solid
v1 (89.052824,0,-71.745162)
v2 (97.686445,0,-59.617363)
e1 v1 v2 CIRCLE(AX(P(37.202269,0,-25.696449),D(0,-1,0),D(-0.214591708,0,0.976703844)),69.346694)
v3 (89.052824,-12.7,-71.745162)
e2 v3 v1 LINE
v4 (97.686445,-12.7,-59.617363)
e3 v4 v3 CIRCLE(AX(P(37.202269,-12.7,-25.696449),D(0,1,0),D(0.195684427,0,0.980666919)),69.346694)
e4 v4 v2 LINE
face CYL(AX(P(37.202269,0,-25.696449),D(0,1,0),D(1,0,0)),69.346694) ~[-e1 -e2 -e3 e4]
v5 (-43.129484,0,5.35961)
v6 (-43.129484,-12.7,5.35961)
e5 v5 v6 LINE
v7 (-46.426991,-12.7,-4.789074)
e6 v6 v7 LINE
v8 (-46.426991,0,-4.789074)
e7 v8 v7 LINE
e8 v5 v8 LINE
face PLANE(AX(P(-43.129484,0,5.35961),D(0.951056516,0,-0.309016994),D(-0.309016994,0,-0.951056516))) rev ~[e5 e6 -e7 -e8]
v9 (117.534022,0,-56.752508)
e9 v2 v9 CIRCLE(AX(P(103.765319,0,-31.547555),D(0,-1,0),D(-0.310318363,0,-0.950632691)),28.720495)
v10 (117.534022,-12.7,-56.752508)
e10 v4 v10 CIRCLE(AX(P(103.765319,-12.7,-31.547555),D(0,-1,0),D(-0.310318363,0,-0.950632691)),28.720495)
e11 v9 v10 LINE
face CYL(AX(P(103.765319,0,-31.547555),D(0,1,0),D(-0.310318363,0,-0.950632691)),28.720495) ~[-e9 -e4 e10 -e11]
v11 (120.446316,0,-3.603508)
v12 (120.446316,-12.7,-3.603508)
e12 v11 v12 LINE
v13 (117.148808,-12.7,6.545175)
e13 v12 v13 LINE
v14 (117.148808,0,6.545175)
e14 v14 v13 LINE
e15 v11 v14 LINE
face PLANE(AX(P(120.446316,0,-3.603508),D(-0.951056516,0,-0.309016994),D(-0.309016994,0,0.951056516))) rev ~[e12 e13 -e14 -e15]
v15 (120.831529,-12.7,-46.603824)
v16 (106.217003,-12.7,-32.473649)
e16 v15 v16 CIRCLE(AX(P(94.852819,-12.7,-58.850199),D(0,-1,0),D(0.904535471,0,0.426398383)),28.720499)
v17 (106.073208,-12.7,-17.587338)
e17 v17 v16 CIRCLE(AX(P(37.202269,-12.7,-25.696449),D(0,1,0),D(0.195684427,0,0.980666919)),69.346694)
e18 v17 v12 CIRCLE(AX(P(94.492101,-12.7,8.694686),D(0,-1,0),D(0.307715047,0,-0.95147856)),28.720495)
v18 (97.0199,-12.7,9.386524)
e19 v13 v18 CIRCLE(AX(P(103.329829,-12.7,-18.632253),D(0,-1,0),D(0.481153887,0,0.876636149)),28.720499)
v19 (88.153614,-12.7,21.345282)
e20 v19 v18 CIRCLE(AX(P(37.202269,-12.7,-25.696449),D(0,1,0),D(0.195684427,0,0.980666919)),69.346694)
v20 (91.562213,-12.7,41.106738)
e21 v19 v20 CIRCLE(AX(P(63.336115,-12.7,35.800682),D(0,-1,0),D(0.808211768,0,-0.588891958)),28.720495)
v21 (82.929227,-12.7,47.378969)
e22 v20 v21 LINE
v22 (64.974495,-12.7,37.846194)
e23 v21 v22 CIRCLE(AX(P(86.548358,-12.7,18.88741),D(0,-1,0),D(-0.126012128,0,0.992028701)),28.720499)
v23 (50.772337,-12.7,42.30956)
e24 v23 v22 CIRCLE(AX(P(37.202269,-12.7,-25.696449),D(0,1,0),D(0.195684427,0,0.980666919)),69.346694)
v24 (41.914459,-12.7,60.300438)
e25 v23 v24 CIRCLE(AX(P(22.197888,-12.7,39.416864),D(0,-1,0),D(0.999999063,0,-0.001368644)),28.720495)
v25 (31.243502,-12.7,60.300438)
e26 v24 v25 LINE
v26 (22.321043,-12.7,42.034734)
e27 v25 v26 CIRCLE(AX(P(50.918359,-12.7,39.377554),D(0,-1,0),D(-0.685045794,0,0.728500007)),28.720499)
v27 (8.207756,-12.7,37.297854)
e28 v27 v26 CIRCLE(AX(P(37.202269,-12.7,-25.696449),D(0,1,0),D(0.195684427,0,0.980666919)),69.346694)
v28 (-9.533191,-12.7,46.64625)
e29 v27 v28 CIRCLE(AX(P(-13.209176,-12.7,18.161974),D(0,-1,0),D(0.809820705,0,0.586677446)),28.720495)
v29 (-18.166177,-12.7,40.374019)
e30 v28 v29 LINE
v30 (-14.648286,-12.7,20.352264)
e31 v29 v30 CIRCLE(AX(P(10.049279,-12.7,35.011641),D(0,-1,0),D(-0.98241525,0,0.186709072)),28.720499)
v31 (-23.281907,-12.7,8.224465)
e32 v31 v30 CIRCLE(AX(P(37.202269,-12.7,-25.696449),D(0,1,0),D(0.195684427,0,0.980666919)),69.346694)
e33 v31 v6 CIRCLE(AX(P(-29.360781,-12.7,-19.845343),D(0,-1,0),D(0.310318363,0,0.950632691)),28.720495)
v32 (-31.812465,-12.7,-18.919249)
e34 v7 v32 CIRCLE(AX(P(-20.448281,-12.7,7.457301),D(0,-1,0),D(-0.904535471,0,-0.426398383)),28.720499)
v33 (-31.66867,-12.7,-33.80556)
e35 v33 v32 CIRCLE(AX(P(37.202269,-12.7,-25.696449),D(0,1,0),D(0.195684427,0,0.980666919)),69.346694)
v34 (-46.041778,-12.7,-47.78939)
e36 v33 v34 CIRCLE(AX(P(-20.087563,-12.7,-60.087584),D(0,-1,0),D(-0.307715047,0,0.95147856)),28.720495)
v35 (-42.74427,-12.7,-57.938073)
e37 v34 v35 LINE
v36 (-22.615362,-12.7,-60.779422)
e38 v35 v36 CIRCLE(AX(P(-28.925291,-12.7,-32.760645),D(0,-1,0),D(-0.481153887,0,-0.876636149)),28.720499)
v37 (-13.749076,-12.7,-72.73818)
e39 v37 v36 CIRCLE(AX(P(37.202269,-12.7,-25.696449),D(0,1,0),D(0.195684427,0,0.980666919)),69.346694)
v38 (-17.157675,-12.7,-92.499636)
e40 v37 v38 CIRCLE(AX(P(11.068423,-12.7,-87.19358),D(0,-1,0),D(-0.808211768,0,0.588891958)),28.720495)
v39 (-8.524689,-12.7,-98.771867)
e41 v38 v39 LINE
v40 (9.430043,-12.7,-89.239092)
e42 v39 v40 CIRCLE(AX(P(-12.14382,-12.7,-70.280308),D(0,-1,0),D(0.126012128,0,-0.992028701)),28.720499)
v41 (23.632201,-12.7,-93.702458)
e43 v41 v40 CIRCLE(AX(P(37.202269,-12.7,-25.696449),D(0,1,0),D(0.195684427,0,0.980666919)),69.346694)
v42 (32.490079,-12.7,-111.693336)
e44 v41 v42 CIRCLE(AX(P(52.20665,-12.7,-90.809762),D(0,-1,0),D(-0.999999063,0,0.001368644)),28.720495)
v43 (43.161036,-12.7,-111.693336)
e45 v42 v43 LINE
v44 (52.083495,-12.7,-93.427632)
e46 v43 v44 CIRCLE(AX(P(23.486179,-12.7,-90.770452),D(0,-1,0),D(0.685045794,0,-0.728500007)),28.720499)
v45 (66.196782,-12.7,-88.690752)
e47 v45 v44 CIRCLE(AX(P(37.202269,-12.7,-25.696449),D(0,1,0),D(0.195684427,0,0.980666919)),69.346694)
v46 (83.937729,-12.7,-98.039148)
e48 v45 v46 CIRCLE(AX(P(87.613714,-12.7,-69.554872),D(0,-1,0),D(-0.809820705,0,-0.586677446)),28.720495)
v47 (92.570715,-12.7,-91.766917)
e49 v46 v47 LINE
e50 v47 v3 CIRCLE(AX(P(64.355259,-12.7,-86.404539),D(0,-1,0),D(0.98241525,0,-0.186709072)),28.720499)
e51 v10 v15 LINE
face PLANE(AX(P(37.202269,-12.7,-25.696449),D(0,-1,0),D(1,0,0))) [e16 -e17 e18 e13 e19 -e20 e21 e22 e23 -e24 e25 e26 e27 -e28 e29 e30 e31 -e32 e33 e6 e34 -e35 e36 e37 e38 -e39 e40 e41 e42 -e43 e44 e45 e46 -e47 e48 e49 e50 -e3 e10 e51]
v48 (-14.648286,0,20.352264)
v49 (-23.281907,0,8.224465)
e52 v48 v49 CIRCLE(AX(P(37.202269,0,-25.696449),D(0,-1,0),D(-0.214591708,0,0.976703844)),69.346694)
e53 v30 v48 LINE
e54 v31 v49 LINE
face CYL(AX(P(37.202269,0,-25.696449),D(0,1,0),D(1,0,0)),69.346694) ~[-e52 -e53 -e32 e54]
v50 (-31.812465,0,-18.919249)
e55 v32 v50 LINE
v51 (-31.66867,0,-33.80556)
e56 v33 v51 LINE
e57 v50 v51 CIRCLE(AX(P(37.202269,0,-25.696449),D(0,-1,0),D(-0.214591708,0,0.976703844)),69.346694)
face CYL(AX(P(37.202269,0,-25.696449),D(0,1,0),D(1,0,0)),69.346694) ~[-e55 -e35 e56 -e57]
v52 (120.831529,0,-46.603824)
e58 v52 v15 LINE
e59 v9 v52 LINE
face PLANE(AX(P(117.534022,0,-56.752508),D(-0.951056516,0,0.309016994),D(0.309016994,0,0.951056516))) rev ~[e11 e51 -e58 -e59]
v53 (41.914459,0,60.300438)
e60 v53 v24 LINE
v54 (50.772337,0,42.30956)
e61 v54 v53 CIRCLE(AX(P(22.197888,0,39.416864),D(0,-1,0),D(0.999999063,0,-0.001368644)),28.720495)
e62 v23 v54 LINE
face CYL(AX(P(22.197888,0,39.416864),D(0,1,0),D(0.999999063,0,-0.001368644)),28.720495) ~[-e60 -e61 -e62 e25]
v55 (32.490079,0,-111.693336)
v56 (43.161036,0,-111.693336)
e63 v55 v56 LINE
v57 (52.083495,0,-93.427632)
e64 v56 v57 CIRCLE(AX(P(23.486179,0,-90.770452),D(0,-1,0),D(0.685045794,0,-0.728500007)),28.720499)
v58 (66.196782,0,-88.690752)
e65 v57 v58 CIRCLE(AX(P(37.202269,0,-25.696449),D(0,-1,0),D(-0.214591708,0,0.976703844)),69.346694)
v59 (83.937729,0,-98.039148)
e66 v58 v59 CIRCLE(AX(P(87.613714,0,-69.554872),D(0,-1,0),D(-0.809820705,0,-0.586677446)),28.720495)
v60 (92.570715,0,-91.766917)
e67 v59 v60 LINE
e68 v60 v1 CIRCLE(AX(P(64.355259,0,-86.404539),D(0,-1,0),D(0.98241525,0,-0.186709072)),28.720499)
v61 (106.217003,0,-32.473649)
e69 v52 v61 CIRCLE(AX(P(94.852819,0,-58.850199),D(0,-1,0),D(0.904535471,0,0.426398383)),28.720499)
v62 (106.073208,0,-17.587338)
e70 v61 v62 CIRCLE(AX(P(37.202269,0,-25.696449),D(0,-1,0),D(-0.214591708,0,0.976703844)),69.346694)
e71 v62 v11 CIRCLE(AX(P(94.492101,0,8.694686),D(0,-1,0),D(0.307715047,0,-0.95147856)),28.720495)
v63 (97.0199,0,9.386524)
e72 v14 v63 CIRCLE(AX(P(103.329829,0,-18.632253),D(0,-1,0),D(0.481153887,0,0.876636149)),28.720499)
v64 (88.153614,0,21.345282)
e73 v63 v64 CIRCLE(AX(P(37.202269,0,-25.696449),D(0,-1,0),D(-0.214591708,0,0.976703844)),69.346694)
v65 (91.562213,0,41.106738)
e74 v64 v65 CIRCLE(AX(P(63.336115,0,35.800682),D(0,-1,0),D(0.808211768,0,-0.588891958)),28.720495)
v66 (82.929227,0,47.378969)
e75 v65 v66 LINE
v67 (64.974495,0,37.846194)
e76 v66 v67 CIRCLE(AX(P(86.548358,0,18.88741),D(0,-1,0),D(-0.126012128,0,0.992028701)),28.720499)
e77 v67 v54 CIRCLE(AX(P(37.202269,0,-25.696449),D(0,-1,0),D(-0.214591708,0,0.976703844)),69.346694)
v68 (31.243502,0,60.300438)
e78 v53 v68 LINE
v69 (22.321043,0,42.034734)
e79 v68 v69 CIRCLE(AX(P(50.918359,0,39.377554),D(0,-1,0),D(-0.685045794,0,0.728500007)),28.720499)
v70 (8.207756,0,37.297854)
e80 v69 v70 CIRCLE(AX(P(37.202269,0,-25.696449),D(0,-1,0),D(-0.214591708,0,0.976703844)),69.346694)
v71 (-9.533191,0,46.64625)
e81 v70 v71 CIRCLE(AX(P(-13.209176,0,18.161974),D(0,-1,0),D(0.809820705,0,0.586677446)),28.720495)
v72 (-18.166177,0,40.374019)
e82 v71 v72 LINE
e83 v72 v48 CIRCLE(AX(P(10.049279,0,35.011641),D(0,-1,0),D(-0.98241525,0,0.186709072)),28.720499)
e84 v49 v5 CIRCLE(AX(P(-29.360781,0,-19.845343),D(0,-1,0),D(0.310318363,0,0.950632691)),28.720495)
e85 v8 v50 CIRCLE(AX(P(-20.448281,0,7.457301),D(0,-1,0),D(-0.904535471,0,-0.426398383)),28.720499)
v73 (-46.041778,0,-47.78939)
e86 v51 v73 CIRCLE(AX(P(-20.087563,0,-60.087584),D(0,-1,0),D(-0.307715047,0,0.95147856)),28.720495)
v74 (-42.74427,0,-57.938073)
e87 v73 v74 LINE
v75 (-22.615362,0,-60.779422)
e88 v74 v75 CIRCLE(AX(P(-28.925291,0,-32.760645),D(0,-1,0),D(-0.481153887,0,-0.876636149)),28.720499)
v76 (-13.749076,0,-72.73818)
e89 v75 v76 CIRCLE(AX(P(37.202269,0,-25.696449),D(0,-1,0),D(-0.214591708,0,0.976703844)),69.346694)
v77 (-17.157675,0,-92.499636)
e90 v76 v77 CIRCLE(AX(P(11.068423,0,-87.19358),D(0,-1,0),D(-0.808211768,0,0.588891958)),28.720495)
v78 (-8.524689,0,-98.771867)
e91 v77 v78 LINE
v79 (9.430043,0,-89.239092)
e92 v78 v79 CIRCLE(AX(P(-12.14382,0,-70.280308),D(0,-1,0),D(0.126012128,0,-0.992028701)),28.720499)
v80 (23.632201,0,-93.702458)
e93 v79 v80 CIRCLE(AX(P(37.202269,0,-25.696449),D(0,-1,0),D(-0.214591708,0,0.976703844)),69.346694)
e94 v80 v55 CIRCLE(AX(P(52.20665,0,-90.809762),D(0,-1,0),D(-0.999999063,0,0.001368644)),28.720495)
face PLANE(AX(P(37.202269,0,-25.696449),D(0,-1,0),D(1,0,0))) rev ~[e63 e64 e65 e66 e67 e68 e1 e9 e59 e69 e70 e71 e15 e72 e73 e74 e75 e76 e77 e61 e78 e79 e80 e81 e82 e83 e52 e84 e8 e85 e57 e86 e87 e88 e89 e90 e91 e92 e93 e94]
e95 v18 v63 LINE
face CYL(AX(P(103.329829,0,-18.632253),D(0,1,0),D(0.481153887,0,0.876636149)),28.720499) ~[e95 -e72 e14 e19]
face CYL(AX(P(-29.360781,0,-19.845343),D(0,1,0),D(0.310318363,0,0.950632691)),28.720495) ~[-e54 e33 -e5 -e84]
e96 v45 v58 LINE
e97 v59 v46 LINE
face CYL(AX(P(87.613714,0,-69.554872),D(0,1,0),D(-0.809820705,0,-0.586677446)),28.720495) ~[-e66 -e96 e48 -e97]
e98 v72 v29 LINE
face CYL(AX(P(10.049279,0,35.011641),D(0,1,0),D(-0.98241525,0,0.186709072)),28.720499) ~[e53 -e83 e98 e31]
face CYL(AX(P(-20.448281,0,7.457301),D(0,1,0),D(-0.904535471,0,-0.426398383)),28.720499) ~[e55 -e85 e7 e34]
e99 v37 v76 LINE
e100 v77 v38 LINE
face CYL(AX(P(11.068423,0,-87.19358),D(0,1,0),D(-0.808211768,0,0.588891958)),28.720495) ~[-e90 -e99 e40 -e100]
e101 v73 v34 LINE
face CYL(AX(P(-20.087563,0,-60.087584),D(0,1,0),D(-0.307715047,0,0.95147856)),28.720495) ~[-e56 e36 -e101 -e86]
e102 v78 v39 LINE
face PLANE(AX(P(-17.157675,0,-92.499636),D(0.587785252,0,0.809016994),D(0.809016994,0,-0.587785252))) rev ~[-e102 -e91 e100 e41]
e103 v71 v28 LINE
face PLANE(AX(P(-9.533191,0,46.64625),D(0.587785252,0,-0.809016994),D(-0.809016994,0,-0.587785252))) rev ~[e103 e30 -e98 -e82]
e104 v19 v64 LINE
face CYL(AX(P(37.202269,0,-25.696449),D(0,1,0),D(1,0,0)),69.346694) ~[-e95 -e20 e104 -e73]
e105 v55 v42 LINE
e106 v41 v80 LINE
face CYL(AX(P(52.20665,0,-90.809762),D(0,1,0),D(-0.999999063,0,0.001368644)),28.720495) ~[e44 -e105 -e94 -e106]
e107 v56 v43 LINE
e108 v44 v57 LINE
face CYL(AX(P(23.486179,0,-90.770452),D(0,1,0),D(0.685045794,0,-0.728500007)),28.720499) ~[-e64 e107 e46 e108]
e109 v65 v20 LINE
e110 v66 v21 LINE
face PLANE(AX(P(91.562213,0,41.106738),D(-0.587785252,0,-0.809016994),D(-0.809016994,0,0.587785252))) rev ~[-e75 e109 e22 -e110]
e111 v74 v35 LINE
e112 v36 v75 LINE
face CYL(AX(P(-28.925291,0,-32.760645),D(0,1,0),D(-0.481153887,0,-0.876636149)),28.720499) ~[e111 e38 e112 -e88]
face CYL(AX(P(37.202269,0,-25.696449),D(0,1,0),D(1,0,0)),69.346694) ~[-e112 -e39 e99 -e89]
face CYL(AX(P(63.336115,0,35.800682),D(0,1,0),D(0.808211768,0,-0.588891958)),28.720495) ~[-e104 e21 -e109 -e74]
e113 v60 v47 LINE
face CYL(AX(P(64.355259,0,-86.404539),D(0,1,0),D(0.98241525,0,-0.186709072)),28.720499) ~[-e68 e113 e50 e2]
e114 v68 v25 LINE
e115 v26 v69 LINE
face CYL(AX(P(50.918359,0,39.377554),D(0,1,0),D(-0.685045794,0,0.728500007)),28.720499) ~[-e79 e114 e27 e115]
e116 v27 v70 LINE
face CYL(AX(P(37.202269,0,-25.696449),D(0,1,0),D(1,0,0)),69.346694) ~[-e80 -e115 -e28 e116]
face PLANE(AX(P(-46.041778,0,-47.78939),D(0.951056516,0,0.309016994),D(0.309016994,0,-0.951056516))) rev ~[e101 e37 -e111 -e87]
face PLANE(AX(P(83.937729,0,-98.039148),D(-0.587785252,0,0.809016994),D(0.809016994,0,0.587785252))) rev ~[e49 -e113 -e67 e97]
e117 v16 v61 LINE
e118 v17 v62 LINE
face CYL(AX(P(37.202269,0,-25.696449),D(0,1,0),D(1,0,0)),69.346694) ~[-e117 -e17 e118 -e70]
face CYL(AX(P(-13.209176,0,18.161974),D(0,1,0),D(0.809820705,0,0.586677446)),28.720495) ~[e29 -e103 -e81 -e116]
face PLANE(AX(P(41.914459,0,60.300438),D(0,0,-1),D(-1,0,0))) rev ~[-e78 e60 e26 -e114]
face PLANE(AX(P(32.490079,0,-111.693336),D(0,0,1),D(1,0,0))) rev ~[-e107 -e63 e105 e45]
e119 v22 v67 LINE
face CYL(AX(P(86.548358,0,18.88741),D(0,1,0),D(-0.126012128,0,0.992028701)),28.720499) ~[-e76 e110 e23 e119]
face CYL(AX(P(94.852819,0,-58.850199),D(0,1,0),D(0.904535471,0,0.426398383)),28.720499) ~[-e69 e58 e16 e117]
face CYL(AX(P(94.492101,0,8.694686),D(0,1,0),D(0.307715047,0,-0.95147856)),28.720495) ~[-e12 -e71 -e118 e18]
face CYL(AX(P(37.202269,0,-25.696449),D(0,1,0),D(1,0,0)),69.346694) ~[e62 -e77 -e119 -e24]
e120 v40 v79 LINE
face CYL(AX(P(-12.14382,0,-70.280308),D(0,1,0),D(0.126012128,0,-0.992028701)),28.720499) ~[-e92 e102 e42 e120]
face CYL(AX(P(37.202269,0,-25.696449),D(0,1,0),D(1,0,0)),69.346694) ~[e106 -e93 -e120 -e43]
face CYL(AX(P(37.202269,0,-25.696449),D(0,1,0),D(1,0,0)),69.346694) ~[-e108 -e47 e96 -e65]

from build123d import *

# Parameters (mm, degrees)
F2_DEPTH = 12.7
F1_R     = 69.346694
F3_DEPTH = 12.7
F4_COUNT = 10


with BuildPart() as f2:
    # F0 (on Front) → F2 (new body)
    with BuildSketch(Plane.XZ):
        with BuildLine():
            Line((22.197887, 39.416865), (50.918356, 39.377556))
            ThreePointArc((50.918356, 39.377556), (48.579291, 50.769767), (41.914459, 60.300438))
            Line((41.914459, 60.300438), (31.243502, 60.300438))
            ThreePointArc((31.243502, 60.300438), (24.563893, 50.792859), (22.197887, 39.416865))
        make_face()
    extrude(amount=F2_DEPTH)

    # F1 (on Front) → F3 (join)
    with BuildSketch(Plane.XZ):
        with Locations((37.202269, -25.696449)):
            Circle(F1_R)
    extrude(amount=F3_DEPTH)

    # F4: F2 ×10 about axis
    f4_axis = Axis((37.202269, 0, -25.696449), (0, 1, 0))


with BuildPart() as f2_1:
    add(f2.part)
    for i in range(1, F4_COUNT):
        add(f2.part.rotate(f4_axis, i * 360 / F4_COUNT))


solid = f2_1.part
